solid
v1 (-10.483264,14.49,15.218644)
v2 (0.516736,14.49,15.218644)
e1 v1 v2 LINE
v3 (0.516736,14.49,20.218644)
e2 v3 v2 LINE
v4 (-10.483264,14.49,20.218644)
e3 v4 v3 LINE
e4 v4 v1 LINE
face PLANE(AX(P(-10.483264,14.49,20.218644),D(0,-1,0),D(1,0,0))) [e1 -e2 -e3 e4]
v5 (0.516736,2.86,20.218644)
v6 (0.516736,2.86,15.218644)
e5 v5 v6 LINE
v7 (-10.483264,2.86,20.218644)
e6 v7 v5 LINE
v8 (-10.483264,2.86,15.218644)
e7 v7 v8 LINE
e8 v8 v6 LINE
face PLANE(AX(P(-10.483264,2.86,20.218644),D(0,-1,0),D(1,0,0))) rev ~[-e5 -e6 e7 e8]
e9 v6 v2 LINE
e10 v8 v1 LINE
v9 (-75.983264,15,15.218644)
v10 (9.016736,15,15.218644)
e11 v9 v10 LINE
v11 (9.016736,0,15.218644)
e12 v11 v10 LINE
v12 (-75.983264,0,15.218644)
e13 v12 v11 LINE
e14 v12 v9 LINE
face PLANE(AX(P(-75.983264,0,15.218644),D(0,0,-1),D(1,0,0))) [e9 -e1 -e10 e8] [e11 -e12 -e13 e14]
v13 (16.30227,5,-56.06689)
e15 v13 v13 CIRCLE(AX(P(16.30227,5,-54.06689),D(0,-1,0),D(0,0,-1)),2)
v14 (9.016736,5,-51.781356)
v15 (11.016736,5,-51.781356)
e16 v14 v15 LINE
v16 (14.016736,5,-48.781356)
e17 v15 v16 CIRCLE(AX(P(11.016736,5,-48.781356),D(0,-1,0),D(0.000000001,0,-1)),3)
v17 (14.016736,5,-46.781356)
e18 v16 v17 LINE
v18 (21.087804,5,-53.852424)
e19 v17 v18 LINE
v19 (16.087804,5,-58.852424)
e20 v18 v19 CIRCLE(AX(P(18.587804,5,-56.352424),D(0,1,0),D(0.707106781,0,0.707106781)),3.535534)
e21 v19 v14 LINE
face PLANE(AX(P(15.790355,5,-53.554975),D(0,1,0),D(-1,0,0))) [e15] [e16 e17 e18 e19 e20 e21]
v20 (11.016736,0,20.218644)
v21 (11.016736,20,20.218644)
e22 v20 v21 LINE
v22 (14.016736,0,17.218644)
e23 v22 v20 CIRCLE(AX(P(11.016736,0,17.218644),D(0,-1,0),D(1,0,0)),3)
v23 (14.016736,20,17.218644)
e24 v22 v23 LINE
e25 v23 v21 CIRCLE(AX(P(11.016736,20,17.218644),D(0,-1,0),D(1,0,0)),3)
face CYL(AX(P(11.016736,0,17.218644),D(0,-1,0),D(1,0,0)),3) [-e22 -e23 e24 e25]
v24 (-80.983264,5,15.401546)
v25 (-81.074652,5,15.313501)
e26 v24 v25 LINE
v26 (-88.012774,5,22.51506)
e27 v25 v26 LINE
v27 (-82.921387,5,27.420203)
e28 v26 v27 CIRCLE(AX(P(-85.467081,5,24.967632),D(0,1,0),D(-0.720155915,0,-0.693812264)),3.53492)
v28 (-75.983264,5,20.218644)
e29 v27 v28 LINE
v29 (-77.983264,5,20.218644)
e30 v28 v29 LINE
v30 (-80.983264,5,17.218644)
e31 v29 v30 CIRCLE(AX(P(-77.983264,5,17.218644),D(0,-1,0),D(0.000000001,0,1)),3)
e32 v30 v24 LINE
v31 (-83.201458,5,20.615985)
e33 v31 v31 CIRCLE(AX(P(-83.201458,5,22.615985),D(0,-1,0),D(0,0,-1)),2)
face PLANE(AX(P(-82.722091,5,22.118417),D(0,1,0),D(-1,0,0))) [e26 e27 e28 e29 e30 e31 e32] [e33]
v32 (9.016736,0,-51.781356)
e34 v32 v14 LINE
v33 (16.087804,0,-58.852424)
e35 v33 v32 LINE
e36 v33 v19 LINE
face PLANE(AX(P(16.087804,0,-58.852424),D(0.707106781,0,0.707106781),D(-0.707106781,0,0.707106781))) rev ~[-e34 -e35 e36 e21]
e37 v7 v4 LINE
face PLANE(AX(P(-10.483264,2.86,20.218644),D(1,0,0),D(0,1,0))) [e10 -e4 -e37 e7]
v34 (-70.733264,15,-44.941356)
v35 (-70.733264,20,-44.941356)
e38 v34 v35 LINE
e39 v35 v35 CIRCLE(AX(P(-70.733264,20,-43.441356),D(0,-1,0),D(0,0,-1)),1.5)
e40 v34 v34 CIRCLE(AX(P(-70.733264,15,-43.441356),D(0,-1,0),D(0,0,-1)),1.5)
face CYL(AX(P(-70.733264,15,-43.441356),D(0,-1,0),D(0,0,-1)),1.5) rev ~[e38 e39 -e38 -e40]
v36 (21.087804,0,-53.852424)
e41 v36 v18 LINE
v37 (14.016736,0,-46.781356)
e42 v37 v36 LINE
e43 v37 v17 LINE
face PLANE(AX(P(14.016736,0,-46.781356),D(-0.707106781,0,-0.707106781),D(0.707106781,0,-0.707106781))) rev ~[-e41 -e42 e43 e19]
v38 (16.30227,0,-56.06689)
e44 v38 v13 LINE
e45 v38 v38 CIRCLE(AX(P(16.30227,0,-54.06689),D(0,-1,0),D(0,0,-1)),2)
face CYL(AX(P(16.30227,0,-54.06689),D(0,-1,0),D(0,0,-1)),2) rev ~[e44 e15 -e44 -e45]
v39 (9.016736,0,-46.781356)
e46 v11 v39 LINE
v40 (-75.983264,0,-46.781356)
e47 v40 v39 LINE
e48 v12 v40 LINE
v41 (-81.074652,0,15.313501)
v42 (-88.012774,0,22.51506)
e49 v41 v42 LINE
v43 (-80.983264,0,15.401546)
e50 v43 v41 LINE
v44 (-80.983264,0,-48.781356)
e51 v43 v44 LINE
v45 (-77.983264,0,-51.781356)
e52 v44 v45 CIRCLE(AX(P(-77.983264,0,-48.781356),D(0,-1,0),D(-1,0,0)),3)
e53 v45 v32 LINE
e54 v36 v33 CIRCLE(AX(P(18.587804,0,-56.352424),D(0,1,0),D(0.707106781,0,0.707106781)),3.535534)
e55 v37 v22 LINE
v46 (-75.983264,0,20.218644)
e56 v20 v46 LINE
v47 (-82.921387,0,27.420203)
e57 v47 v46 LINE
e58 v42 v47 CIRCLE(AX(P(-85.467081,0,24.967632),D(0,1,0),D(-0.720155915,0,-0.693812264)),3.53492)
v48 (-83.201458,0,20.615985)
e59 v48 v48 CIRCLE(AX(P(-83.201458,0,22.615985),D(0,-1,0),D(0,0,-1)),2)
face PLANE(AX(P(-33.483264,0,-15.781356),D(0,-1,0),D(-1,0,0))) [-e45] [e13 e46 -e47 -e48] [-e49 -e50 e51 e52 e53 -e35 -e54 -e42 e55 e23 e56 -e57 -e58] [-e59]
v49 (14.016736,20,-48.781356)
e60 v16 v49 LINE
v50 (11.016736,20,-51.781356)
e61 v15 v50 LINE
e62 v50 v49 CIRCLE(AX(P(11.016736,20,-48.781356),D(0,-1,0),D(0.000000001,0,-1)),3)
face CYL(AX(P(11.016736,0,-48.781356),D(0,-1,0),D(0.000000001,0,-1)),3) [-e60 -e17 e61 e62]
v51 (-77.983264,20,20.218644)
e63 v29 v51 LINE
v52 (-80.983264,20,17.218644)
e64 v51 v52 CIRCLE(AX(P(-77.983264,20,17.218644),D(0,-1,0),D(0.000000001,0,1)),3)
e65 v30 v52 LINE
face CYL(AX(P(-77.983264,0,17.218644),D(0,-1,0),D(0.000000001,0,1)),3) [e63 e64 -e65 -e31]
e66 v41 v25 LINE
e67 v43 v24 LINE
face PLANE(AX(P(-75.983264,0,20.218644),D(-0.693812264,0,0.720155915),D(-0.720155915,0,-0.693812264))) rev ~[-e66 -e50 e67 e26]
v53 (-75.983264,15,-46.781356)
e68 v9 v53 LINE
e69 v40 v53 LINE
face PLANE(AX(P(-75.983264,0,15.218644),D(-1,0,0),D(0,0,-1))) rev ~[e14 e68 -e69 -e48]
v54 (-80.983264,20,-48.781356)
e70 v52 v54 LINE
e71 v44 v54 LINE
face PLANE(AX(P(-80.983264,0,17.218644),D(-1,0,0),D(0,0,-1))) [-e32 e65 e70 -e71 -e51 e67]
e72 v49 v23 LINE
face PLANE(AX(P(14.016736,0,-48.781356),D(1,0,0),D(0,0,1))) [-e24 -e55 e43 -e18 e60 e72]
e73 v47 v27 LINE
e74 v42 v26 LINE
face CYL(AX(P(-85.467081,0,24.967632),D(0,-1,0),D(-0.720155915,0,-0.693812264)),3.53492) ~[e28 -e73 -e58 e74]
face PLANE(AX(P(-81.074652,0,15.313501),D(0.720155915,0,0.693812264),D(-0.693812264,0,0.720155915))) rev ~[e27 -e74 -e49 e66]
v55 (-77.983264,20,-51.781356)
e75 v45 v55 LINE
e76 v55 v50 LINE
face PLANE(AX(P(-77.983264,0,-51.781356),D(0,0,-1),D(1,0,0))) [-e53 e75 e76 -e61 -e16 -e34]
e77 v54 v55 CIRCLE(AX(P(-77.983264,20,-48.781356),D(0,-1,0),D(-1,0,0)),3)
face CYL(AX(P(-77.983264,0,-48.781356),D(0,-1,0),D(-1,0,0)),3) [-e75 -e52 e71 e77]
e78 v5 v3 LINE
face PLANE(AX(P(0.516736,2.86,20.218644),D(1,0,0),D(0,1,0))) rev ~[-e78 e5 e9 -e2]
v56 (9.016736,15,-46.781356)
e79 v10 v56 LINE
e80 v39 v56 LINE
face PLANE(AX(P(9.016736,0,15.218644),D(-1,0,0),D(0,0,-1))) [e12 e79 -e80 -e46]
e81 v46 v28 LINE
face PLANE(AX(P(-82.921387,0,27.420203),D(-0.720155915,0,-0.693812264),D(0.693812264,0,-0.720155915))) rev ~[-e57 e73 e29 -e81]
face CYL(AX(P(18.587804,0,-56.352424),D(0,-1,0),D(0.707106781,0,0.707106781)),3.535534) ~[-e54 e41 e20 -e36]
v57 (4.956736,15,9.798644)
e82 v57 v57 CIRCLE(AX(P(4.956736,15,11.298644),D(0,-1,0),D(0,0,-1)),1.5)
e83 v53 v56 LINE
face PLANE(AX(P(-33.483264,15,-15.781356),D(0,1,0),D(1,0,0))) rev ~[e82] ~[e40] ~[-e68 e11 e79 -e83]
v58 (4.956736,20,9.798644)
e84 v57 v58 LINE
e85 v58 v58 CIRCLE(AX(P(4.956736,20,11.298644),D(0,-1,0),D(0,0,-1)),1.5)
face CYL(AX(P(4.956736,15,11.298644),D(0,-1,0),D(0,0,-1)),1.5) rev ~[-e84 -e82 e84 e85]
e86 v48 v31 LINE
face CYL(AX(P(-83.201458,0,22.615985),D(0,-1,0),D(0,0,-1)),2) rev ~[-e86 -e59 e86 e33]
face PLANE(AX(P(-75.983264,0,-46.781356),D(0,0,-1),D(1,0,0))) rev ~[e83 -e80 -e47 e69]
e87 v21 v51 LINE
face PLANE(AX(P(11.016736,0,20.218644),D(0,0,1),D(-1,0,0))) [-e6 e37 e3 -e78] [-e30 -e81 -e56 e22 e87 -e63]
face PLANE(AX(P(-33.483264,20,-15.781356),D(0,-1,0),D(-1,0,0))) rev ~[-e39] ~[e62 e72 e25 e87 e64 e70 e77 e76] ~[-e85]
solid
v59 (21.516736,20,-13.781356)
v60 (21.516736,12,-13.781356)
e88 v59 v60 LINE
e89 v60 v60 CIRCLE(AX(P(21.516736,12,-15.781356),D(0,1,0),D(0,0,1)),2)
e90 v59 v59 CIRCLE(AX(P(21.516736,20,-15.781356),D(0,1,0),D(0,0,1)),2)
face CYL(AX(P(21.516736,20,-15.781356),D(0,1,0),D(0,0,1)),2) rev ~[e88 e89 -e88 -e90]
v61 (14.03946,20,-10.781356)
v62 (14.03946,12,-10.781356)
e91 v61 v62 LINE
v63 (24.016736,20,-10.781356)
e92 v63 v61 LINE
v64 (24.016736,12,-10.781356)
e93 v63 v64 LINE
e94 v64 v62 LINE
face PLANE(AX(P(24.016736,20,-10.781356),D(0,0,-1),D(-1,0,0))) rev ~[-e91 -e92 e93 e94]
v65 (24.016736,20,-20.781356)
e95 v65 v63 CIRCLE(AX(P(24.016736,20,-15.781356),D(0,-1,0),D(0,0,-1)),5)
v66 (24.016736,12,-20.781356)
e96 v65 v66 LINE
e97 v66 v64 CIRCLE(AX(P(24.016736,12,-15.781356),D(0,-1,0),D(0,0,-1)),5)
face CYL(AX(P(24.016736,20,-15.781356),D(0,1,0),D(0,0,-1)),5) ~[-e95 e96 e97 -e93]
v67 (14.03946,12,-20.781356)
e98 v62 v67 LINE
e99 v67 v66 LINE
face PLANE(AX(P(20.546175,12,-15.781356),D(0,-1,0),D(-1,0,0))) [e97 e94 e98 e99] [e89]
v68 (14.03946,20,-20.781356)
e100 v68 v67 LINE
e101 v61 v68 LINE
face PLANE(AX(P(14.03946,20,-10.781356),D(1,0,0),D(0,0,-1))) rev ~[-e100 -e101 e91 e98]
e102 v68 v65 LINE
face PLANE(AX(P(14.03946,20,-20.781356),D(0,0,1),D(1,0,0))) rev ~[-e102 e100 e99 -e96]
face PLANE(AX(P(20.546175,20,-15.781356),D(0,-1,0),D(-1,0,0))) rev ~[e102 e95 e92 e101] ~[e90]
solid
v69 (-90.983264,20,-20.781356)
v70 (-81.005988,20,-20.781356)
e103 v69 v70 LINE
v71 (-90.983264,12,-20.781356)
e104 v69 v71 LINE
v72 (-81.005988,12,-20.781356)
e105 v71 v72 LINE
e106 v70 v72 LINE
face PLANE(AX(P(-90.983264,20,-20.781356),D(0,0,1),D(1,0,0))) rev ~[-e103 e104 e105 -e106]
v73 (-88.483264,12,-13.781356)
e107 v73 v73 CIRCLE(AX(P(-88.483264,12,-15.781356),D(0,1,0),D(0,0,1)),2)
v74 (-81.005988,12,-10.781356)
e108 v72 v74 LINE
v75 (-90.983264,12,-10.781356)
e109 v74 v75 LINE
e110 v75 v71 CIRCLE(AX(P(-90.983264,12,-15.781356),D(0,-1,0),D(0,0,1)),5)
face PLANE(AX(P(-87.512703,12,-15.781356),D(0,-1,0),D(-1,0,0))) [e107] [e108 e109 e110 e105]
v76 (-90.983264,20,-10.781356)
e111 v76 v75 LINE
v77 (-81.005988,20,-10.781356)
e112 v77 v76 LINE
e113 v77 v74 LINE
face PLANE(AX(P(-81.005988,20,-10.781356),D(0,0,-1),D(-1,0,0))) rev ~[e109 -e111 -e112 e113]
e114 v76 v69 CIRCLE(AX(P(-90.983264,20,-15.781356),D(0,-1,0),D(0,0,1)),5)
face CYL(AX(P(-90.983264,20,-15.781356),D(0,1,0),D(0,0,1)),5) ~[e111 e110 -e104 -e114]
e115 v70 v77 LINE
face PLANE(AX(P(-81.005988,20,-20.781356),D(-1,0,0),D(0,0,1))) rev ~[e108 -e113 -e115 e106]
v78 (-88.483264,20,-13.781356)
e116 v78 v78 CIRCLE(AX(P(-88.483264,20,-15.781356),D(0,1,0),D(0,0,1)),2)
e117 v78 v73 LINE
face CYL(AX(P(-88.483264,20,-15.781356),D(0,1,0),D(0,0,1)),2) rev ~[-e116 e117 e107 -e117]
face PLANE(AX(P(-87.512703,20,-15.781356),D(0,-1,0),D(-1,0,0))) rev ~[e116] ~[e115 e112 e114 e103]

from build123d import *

# Parameters (mm, degrees)
RESSALTO_EXTRUS_O2_DEPTH   = 20
CORTE_EXTRUS_O1_START      = -20
ESBO_O5_W                  = 85
ESBO_O5_H                  = 62
CORTE_EXTRUS_O1_DEPTH      = 15
CORTE_EXTRUS_O2_REACH      = 112.192
ESBO_O6_W                  = 11
ESBO_O6_H                  = 11.63
ESBO_O8_R                  = 2
RESSALTO_EXTRUS_O5_DEPTH   = 5
ESBO_O7_R                  = 2
RESSALTO_EXTRUS_O6_DEPTH   = 8
RESSALTO_EXTRUS_O6_2_DEPTH = 8
ESBO_O9_R                  = 1.5
CORTE_EXTRUS_O3_DEPTH      = 115.124294054


with BuildPart() as part:
    # Esboço1 → Ressalto-extrusão2 (new body)
    with BuildSketch(Plane(origin=(0, 0, 0), x_dir=(1, 0, 0), z_dir=(0, 1, 0))):
        with BuildLine():
            Line((-77.983264016, 51.781356356), (11.016735984, 51.781356356))
            ThreePointArc((11.016735984, 51.781356356), (13.138056327, 50.902676699), (14.016735984, 48.781356356))
            Line((14.016735984, 48.781356356), (14.016735984, -17.218643644))
            ThreePointArc((14.016735984, -17.218643644), (13.138056327, -19.339963988), (11.016735984, -20.218643644))
            Line((11.016735984, -20.218643644), (-77.983264016, -20.218643644))
            ThreePointArc((-77.983264016, -20.218643644), (-80.10458436, -19.339963988), (-80.983264016, -17.218643644))
            Line((-80.983264016, -17.218643644), (-80.983264016, 48.781356356))
            ThreePointArc((-80.983264016, 48.781356356), (-80.10458436, 50.902676699), (-77.983264016, 51.781356356))
        make_face()
    extrude(amount=RESSALTO_EXTRUS_O2_DEPTH)

    # Esboço5 → Corte-extrusão1 (cut)
    with BuildSketch(Plane(origin=(0, 20, 0), x_dir=(1, 0, 0), z_dir=(0, 1, 0)).offset(CORTE_EXTRUS_O1_START)):
        with Locations((-33.483264016, 15.781356356)):
            Rectangle(ESBO_O5_W, ESBO_O5_H)
    extrude(amount=CORTE_EXTRUS_O1_DEPTH, mode=Mode.SUBTRACT)

    # Esboço6 → Corte-extrusão2 (cut, up to next)
    with BuildSketch(Plane.XY.offset(20.218643644), mode=Mode.PRIVATE) as corte_extrus_o2_sk1:
        with Locations((-4.983264016, 8.675)):
            Rectangle(ESBO_O6_W, ESBO_O6_H)
    corte_extrus_o2_tool1 = extrude(corte_extrus_o2_sk1.sketch, amount=-CORTE_EXTRUS_O2_REACH, mode=Mode.PRIVATE) & part.part
    add(corte_extrus_o2_tool1.solids().sort_by_distance((-4.983264, 8.675, 20.218644))[0], mode=Mode.SUBTRACT)

    # Esboço8 → Ressalto-extrusão5 (add)
    # profile 1 of 2: a face of its own
    with BuildSketch(Plane.XZ):
        with BuildLine():
            Line((9.016735984, -51.781356356), (14.016735984, -46.781356356))
            Line((14.016735984, -46.781356356), (21.087803796, -53.852424167))
            ThreePointArc((21.087803796, -53.852424167), (21.087803796, -58.852424167), (16.087803796, -58.852424167))
            Line((16.087803796, -58.852424167), (9.016735984, -51.781356356))
        make_face()
        with Locations(Location((16.30226989, -54.066890262, 0), (0, 0, 270))):
            Circle(ESBO_O8_R, mode=Mode.SUBTRACT)
    # profile 2 of 2: a face of its own
    with BuildSketch(Plane.XZ):
        with BuildLine():
            Line((-75.983264016, 20.218643644), (-81.074651757, 15.313501326))
            Line((-81.074651757, 15.313501326), (-88.012774398, 22.515060478))
            ThreePointArc((-88.012774398, 22.515060478), (-87.919651687, 27.513325508), (-82.921386657, 27.420202797))
            Line((-82.921386657, 27.420202797), (-75.983264016, 20.218643644))
        make_face()
        with Locations(Location((-83.201457851, 22.615984576, 0), (0, 0, 270))):
            Circle(ESBO_O8_R, mode=Mode.SUBTRACT)
    extrude(amount=-RESSALTO_EXTRUS_O5_DEPTH)

    # Esboço9 → Corte-extrusão3 (cut, through all)
    with BuildSketch(Plane.XZ.offset(-15)):
        with Locations(Location((-70.733264016, -43.441356356, 0), (0, 0, 270))):
            Circle(ESBO_O9_R)
        with Locations(Location((4.956735984, 11.298643644, 0), (0, 0, 270))):
            Circle(ESBO_O9_R)
    extrude(amount=-CORTE_EXTRUS_O3_DEPTH, mode=Mode.SUBTRACT)


with BuildPart() as body_2:
    # Esboço7 → Ressalto-extrusão6 (new body)
    with BuildSketch(Plane(origin=(0, 20, 0), x_dir=(1, 0, 0), z_dir=(0, 1, 0))):
        with BuildLine():
            ThreePointArc((-90.983264016, 10.781356356), (-95.983264016, 15.781356356), (-90.983264016, 20.781356356))
            Line((-90.983264016, 20.781356356), (-81.005988355, 20.781356356))
            Line((-81.005988355, 20.781356356), (-81.005988355, 10.781356356))
            Line((-81.005988355, 10.781356356), (-90.983264016, 10.781356356))
        make_face()
        with Locations(Location((-88.483264016, 15.781356356, 0), (0, 0, 270))):
            Circle(ESBO_O7_R, mode=Mode.SUBTRACT)
    extrude(amount=-RESSALTO_EXTRUS_O6_DEPTH)


with BuildPart() as body_3:
    # Esboço7 → Ressalto-extrus_o6 2 (new body)
    with BuildSketch(Plane(origin=(0, 20, 0), x_dir=(1, 0, 0), z_dir=(0, 1, 0))):
        with BuildLine():
            Line((24.016735984, 10.781356356), (14.039460323, 10.781356356))
            Line((14.039460323, 10.781356356), (14.039460323, 20.781356356))
            Line((14.039460323, 20.781356356), (24.016735984, 20.781356356))
            ThreePointArc((24.016735984, 20.781356356), (29.016735984, 15.781356356), (24.016735984, 10.781356356))
        make_face()
        with Locations(Location((21.516735984, 15.781356356, 0), (0, 0, 270))):
            Circle(ESBO_O7_R, mode=Mode.SUBTRACT)
    extrude(amount=-RESSALTO_EXTRUS_O6_2_DEPTH)


solid = Compound([part.part, body_2.part, body_3.part])
